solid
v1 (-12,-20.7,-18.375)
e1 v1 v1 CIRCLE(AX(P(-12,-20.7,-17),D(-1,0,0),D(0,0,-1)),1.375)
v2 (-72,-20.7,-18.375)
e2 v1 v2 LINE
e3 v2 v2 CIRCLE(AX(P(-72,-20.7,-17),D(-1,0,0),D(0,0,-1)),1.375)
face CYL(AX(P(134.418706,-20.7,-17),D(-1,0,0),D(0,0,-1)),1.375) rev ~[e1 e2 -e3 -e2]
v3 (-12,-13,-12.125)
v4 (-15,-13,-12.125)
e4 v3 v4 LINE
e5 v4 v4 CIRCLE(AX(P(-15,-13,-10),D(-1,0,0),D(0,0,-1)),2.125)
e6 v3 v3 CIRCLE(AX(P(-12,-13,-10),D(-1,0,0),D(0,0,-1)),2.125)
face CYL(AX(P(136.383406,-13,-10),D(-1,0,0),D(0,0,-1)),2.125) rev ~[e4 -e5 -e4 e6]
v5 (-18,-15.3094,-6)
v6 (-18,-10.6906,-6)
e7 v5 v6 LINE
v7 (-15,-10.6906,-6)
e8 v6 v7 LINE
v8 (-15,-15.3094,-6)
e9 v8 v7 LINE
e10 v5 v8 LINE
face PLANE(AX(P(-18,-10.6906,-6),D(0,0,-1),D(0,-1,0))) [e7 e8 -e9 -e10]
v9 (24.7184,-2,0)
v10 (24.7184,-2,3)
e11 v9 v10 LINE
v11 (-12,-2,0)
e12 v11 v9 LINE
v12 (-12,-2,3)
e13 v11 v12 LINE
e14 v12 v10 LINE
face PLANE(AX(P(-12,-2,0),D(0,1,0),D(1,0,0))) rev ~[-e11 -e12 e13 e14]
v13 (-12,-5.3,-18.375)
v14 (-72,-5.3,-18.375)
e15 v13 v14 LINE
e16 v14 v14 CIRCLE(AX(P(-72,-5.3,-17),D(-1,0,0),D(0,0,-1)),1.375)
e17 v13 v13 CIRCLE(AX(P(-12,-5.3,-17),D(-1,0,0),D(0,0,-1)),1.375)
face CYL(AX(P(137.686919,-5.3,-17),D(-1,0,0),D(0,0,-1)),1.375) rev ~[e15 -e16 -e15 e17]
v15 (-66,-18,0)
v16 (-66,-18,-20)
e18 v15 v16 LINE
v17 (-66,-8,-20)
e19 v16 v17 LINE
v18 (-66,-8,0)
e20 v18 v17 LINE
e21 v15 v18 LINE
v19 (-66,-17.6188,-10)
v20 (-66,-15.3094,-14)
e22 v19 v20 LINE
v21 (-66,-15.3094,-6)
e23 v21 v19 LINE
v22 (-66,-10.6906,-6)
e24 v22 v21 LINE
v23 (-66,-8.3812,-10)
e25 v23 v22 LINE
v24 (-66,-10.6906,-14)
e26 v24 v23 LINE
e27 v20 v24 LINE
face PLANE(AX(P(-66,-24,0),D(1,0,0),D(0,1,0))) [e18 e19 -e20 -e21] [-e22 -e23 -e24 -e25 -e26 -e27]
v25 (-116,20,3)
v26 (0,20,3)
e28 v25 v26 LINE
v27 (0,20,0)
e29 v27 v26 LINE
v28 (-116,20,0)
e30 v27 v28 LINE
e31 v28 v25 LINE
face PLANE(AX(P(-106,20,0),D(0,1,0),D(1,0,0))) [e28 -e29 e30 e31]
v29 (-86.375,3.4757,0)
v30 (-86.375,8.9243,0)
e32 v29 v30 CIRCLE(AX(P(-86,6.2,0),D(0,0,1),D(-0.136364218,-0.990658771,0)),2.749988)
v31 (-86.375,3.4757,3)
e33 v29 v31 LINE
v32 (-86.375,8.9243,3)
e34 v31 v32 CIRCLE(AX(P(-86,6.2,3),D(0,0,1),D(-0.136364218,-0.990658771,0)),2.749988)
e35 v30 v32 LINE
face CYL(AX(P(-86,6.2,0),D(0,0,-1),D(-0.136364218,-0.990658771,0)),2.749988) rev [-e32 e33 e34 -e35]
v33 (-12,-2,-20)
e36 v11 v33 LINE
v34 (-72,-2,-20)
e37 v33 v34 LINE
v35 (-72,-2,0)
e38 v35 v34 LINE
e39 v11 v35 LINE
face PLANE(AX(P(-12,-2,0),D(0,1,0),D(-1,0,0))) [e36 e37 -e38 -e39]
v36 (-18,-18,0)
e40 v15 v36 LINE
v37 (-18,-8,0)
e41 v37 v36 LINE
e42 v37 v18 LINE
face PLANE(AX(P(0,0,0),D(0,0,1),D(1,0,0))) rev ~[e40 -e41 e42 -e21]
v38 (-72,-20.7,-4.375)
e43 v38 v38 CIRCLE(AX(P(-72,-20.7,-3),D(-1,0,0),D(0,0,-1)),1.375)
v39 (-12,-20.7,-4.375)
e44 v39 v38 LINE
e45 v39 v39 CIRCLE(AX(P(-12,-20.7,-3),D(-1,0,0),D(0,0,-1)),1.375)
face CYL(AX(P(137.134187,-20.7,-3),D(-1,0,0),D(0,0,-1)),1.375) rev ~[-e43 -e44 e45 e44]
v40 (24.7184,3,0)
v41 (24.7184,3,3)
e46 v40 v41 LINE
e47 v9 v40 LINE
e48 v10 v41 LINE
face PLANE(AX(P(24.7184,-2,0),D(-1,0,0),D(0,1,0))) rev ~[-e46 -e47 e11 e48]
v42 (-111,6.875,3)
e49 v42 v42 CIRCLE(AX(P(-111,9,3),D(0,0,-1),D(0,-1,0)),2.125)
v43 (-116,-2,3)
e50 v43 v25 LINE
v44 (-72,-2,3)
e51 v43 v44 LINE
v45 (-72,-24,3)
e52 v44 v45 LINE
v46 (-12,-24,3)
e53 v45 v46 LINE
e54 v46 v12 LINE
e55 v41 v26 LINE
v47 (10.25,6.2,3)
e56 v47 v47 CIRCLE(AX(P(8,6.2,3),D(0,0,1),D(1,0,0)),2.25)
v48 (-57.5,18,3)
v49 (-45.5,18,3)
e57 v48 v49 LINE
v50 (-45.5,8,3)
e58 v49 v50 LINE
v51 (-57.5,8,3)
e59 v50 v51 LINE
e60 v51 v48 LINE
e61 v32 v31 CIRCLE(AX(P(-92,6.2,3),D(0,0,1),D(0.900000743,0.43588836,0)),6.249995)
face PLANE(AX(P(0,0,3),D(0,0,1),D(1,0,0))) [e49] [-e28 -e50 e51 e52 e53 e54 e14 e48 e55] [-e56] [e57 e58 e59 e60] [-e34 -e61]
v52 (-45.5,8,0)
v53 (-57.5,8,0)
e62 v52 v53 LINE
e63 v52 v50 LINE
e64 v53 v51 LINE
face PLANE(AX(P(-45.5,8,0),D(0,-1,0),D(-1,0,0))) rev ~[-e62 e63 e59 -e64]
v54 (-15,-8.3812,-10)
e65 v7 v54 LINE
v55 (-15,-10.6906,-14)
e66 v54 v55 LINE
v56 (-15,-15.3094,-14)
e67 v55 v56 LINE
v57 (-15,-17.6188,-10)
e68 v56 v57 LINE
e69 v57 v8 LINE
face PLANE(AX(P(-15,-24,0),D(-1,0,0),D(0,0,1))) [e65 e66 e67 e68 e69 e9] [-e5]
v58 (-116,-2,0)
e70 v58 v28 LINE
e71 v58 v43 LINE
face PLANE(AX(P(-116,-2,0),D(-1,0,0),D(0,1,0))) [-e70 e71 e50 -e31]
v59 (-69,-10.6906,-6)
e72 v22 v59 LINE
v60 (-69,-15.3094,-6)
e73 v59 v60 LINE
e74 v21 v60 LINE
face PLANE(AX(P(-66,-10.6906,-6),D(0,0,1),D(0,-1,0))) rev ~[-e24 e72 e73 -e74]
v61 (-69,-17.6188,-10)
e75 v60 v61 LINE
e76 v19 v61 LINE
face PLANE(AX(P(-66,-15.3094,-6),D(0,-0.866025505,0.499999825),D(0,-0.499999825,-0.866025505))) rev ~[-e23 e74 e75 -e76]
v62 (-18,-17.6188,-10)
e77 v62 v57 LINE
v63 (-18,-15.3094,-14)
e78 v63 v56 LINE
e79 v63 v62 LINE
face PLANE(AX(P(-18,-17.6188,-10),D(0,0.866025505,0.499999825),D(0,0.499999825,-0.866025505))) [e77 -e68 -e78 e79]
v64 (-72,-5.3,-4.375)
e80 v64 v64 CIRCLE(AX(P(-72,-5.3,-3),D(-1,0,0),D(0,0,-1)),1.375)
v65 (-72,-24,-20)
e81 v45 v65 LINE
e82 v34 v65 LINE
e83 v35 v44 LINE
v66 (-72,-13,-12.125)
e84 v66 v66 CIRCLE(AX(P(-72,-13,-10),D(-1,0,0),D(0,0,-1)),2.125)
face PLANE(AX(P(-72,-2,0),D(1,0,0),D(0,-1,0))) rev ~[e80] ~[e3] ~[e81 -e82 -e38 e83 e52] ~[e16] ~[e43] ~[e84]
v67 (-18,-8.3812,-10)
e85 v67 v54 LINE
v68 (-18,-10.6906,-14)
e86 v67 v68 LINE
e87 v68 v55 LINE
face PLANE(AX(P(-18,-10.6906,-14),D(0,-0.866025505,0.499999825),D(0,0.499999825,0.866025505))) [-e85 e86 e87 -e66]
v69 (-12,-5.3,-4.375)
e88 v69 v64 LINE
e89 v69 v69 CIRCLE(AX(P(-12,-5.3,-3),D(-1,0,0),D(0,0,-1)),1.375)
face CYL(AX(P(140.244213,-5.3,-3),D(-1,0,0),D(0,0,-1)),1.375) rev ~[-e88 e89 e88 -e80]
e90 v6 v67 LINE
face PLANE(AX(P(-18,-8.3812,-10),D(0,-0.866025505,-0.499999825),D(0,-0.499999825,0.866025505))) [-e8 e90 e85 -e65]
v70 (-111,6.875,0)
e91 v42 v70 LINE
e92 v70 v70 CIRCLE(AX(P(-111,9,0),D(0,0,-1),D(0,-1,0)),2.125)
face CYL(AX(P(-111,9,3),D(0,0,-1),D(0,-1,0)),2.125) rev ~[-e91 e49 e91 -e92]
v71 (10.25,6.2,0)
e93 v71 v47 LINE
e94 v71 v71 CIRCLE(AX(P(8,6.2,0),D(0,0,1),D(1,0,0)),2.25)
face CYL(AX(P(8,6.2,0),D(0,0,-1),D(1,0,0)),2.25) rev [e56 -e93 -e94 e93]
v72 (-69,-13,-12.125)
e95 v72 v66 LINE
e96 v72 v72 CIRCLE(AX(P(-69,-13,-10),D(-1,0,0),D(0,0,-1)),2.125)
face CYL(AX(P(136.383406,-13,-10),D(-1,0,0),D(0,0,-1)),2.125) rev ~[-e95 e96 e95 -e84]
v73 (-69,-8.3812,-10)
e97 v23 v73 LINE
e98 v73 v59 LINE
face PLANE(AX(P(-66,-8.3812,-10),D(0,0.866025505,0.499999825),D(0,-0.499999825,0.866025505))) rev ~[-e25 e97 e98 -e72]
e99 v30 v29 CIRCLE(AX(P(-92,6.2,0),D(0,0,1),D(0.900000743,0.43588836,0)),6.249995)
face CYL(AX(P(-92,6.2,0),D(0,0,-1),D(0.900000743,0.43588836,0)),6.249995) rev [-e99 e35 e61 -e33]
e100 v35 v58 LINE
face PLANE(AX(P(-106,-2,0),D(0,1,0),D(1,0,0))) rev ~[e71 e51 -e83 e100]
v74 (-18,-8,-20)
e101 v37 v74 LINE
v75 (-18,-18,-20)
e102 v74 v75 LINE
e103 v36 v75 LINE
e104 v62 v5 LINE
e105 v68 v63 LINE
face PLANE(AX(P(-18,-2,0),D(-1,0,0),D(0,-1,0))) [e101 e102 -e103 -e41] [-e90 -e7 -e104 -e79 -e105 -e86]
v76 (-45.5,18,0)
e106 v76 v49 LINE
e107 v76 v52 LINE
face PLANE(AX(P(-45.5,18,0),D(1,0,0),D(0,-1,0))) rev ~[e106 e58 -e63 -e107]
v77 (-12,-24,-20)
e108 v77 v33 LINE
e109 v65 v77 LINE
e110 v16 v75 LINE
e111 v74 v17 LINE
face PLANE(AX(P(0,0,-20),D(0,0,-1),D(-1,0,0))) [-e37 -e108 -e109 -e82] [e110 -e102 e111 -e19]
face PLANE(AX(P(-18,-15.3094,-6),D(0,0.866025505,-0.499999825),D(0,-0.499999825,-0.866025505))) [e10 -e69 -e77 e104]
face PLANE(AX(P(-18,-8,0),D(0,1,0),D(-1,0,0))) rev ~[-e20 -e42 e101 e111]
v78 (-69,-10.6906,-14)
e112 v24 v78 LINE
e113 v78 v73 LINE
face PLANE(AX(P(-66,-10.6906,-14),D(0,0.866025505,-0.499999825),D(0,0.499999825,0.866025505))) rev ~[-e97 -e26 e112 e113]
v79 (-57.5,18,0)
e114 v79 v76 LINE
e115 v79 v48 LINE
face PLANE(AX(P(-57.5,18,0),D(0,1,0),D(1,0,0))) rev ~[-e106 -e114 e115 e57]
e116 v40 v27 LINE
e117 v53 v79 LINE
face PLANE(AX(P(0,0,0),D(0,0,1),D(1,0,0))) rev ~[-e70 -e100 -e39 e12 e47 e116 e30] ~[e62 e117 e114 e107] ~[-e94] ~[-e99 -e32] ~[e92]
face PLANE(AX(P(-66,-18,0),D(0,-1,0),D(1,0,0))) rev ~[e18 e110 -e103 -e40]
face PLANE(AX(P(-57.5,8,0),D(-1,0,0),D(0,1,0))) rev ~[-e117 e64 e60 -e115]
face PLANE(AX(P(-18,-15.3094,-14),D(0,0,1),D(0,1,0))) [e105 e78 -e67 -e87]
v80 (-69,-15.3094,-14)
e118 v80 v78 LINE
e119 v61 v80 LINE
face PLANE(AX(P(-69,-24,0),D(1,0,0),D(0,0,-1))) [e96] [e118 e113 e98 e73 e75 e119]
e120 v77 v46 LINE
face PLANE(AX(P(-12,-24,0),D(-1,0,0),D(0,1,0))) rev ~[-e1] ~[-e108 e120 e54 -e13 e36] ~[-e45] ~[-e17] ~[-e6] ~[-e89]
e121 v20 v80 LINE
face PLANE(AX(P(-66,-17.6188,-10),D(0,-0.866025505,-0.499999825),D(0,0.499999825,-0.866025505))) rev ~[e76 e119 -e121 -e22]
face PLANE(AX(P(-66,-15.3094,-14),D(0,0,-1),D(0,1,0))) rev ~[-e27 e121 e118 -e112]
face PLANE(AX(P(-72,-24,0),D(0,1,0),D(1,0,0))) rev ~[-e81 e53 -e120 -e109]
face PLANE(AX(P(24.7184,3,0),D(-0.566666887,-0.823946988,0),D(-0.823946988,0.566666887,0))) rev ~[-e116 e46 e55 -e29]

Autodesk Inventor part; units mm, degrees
ref_plane "YZ Plane" through (0, 0, 0) normal (1, 0, 0) x (0, 1, 0)
ref_plane "XZ Plane" through (0, 0, 0) normal (0, 1, 0) x (-1, 0, 0)
ref_plane "XY Plane" through (0, 0, 0) normal (0, 0, 1) x (1, 0, 0)
sketch "Szkic1" plane through (0, 0, 0) normal (0, 0, 1) x (1, 0, 0)
  line L0 (-106, 20) -> (0, 20) projected
  line L1 (-106, 20) -> (-106, -2) projected
  line L2 (-106, -2) -> (24.7184, -2) projected
  line L3 (24.7184, -2) -> (24.7184, 3) projected
  line L4 (24.7184, 3) -> (0, 20) projected
  circle A0 centre (8, 6.2) radius 2 construction
  circle A1 centre (8, 6.2) radius 2.25
  line L5 (-57.5, 18) -> (-45.5, 18)
  line L6 (-45.5, 18) -> (-45.5, 8)
  line L7 (-45.5, 8) -> (-57.5, 8)
  line L8 (-57.5, 8) -> (-57.5, 18)
  line L9 (-70, 12.4) -> (-70, 0) construction
  arc A2 (-86.6773, 8.9692) -> (-86.6773, 3.4308) centre (-92, 6.2) ccw construction
  arc A3 (-86, 3.7) -> (-86, 8.7) centre (-86, 6.2) ccw construction
  arc A4 (-86.2337, 3.7) -> (-86.6773, 3.4308) centre (-86.2337, 3.2) ccw construction
  line L10 (-86.2337, 3.7) -> (-86, 3.7) construction
  arc A5 (-86.6773, 8.9692) -> (-86.2337, 8.7) centre (-86.2337, 9.2) ccw construction
  line L11 (-86, 8.7) -> (-86.2337, 8.7) construction
  arc A6 (-86.375, 8.9243) -> (-86.375, 3.4757) centre (-92, 6.2) ccw
  arc A7 (-86.375, 3.4757) -> (-86.375, 8.9243) centre (-86, 6.2) ccw
  line L12 (-116, 20) -> (-106, 20)
  line L13 (-106, 20) -> (-106, -2)
  line L14 (-106, -2) -> (-116, -2)
  line L15 (-116, -2) -> (-116, 20)
  line L16 (-92, 6.2) -> (-92, -8.9) construction
  line L17 (-92, -8.9) -> (-1, -8.9) construction
  line L18 (-72, -24) -> (-12, -24)
  line L19 (-12, -24) -> (-12, -2)
  line L20 (-12, -2) -> (-72, -2)
  line L21 (-72, -2) -> (-72, -24)
  point P0 (0, 0)
  point P1 (-7.9, -2)
  point P2 (-12, -2)
  dimension "d0" = 0.25
  dimension "d1" = 12.5
  dimension "d2" = 12
  dimension "d3" = 2
  dimension "d4" = 10
  dimension "d5" = 0.25
  dimension "d6" = 10
  dimension "d11" = 91
  dimension "d14" = 20
  dimension "d15" = 20
extrude "Wyciągnięcie proste1" add sketch "Szkic1" along normal blind 3
sketch "Szkic2" plane through (0, 0, 0) normal (0, 0, -1) x (-1, 0, 0)
  line L0 (12, -2) -> (18, -2)
  line L1 (18, -2) -> (18, -24)
  line L2 (18, -24) -> (12, -24)
  line L3 (12, -24) -> (12, -2)
  line L4 (66, -2) -> (72, -2)
  line L5 (72, -2) -> (72, -24)
  line L6 (72, -24) -> (66, -24)
  line L7 (66, -24) -> (66, -2)
  line L8 (72, -2) -> (72, -24) projected
  line L9 (12, -24) -> (12, -2) projected
  line L10 (72, -24) -> (12, -24) projected
  point P0 (0, 0)
  dimension "d16" = 6
  dimension "d17" = 6
extrude "Wyciągnięcie proste2" add sketch "Szkic2" along normal blind 20
sketch "Szkic4" plane through (-66, -24, 0) normal (1, 0, 0) x (0, 0, -1)
  line L0 (3, 18.7) -> (17, 18.7) construction
  line L1 (17, 18.7) -> (17, 3.3) construction
  line L2 (17, 3.3) -> (3, 3.3) construction
  line L3 (3, 3.3) -> (3, 18.7) construction
  line L4 (3, 18.7) -> (10, 11) construction
  line L5 (10, 11) -> (3, 3.3) construction
  line L6 (17, 3.3) -> (10, 11) construction
  line L7 (0, 22) -> (20, 22) construction
  line L8 (3, 18.7) -> (0, 22) construction
  line L9 (0, 0) -> (20, 0) construction
  line L10 (17, 3.3) -> (20, 0) construction
  line L11 (3, 3.3) -> (0, 0) construction
  line L12 (20, 22) -> (20, 0) construction
  point P0 (0, 24)
  dimension "d20" = 3
hole "Otwór2" at (-66, -13, -10) direction (-1, 0, 0) diameter 4.25 end through all both
sketch "Szkic5" plane through (-18, -24, 0) normal (-1, 0, 0) x (0, 0, 1)
  line L0 (-13.5, 11) -> (-13.5, 8.9793) projected
  line L1 (-13.5, 13.0207) -> (-13.5, 11) projected
  line L2 (-13.5, 8.9793) -> (-11.75, 7.9689) projected
  line L3 (-11.75, 7.9689) -> (-10, 6.9585) projected
  line L4 (-10, 6.9585) -> (-8.25, 7.9689) projected
  line L5 (-8.25, 7.9689) -> (-6.5, 8.9793) projected
  line L6 (-6.5, 8.9793) -> (-6.5, 11) projected
  line L7 (-6.5, 11) -> (-6.5, 13.0207) projected
  line L8 (-6.5, 13.0207) -> (-8.25, 14.0311) projected
  line L9 (-8.25, 14.0311) -> (-10, 15.0415) projected
  line L10 (-10, 15.0415) -> (-11.75, 14.0311) projected
  line L11 (-11.75, 14.0311) -> (-13.5, 13.0207) projected
  line L12 (-14, 8.6906) -> (-14, 11)
  line L13 (-14, 11) -> (-14, 13.3094)
  line L14 (-14, 13.3094) -> (-12, 14.4641)
  line L15 (-12, 14.4641) -> (-10, 15.6188)
  line L16 (-10, 15.6188) -> (-8, 14.4641)
  line L17 (-8, 14.4641) -> (-6, 13.3094)
  line L18 (-6, 13.3094) -> (-6, 11)
  line L19 (-6, 11) -> (-6, 8.6906)
  line L20 (-6, 8.6906) -> (-8, 7.5359)
  line L21 (-8, 7.5359) -> (-10, 6.3812)
  line L22 (-10, 6.3812) -> (-12, 7.5359)
  line L23 (-12, 7.5359) -> (-14, 8.6906)
  point P0 (0, 24)
  dimension "d36" = 0.5
extrude "Wyciągnięcie proste3" cut sketch "Szkic5" against normal blind 3 contours L1 L11 L10 L9 L8 L7 L6 L5 L4 L3 L2 L0 | L12 L13 L14 L15 L16 L17 L18 L19 L20 L21 L22 L23
sketch "Szkic6" plane through (-66, -24, 0) normal (1, 0, 0) x (0, 0, -1)
  line L0 (14, 8.6906) -> (14, 13.3094) projected
  line L1 (14, 13.3094) -> (10, 15.6188) projected
  line L2 (10, 15.6188) -> (6, 13.3094) projected
  line L3 (6, 13.3094) -> (6, 8.6906) projected
  line L4 (6, 8.6906) -> (10, 6.3812) projected
  line L5 (10, 6.3812) -> (14, 8.6906) projected
  point P0 (0, 24)
extrude "Wyciągnięcie proste4" cut sketch "Szkic6" against normal blind 3
sketch "Szkic7" plane through (0, 0, 3) normal (0, 0, 1) x (1, 0, 0)
  line L0 (-116, 20) -> (-116, -2) projected
  line L1 (-116, 20) -> (-106, 20) projected
  line L2 (-106, -2) -> (-116, -2) projected
  line L3 (-106, 20) -> (-106, -2) projected
  line L4 (0, 20) -> (-116, 20) construction
  line L5 (-116, 20) -> (-111, 9) construction
  line L6 (-111, 9) -> (-106, -2) construction
  line L7 (-116, -2) -> (-72, -2) construction
  line L8 (-116, -2) -> (-111, 9) construction
  point P0 (0, 0)
hole "Otwór3" at (-111, 9, 3) direction (0, 0, -1) diameter 4.25 end through all
sketch "Szkic8" plane through (0, 0, 0) normal (0, 0, -1) x (-1, 0, 0)
  line L0 (66, -18) -> (18, -18)
  line L1 (18, -18) -> (18, -24)
  line L2 (18, -24) -> (66, -24)
  line L3 (66, -24) -> (66, -18)
  line L4 (66, -2) -> (18, -2)
  line L5 (18, -2) -> (18, -8)
  line L6 (18, -8) -> (66, -8)
  line L7 (66, -8) -> (66, -2)
  line L8 (66, -24) -> (18, -24) projected
  point P0 (0, 0)
  dimension "d48" = 6
  dimension "d49" = 6
extrude "Wyciągnięcie proste5" add sketch "Szkic8" along normal blind 20
hole "Otwór1" at (-66, -5.3, -3) at (-66, -20.7, -17) at (-66, -20.7, -3) at (-66, -5.3, -17) direction (-1, 0, 0) diameter 2.75 end through all both
equation "\"d15\" = d14"
equation "\"d17\" = d16"
equation "\"d49\" = d48"
properties part number "wheel-adapter"
